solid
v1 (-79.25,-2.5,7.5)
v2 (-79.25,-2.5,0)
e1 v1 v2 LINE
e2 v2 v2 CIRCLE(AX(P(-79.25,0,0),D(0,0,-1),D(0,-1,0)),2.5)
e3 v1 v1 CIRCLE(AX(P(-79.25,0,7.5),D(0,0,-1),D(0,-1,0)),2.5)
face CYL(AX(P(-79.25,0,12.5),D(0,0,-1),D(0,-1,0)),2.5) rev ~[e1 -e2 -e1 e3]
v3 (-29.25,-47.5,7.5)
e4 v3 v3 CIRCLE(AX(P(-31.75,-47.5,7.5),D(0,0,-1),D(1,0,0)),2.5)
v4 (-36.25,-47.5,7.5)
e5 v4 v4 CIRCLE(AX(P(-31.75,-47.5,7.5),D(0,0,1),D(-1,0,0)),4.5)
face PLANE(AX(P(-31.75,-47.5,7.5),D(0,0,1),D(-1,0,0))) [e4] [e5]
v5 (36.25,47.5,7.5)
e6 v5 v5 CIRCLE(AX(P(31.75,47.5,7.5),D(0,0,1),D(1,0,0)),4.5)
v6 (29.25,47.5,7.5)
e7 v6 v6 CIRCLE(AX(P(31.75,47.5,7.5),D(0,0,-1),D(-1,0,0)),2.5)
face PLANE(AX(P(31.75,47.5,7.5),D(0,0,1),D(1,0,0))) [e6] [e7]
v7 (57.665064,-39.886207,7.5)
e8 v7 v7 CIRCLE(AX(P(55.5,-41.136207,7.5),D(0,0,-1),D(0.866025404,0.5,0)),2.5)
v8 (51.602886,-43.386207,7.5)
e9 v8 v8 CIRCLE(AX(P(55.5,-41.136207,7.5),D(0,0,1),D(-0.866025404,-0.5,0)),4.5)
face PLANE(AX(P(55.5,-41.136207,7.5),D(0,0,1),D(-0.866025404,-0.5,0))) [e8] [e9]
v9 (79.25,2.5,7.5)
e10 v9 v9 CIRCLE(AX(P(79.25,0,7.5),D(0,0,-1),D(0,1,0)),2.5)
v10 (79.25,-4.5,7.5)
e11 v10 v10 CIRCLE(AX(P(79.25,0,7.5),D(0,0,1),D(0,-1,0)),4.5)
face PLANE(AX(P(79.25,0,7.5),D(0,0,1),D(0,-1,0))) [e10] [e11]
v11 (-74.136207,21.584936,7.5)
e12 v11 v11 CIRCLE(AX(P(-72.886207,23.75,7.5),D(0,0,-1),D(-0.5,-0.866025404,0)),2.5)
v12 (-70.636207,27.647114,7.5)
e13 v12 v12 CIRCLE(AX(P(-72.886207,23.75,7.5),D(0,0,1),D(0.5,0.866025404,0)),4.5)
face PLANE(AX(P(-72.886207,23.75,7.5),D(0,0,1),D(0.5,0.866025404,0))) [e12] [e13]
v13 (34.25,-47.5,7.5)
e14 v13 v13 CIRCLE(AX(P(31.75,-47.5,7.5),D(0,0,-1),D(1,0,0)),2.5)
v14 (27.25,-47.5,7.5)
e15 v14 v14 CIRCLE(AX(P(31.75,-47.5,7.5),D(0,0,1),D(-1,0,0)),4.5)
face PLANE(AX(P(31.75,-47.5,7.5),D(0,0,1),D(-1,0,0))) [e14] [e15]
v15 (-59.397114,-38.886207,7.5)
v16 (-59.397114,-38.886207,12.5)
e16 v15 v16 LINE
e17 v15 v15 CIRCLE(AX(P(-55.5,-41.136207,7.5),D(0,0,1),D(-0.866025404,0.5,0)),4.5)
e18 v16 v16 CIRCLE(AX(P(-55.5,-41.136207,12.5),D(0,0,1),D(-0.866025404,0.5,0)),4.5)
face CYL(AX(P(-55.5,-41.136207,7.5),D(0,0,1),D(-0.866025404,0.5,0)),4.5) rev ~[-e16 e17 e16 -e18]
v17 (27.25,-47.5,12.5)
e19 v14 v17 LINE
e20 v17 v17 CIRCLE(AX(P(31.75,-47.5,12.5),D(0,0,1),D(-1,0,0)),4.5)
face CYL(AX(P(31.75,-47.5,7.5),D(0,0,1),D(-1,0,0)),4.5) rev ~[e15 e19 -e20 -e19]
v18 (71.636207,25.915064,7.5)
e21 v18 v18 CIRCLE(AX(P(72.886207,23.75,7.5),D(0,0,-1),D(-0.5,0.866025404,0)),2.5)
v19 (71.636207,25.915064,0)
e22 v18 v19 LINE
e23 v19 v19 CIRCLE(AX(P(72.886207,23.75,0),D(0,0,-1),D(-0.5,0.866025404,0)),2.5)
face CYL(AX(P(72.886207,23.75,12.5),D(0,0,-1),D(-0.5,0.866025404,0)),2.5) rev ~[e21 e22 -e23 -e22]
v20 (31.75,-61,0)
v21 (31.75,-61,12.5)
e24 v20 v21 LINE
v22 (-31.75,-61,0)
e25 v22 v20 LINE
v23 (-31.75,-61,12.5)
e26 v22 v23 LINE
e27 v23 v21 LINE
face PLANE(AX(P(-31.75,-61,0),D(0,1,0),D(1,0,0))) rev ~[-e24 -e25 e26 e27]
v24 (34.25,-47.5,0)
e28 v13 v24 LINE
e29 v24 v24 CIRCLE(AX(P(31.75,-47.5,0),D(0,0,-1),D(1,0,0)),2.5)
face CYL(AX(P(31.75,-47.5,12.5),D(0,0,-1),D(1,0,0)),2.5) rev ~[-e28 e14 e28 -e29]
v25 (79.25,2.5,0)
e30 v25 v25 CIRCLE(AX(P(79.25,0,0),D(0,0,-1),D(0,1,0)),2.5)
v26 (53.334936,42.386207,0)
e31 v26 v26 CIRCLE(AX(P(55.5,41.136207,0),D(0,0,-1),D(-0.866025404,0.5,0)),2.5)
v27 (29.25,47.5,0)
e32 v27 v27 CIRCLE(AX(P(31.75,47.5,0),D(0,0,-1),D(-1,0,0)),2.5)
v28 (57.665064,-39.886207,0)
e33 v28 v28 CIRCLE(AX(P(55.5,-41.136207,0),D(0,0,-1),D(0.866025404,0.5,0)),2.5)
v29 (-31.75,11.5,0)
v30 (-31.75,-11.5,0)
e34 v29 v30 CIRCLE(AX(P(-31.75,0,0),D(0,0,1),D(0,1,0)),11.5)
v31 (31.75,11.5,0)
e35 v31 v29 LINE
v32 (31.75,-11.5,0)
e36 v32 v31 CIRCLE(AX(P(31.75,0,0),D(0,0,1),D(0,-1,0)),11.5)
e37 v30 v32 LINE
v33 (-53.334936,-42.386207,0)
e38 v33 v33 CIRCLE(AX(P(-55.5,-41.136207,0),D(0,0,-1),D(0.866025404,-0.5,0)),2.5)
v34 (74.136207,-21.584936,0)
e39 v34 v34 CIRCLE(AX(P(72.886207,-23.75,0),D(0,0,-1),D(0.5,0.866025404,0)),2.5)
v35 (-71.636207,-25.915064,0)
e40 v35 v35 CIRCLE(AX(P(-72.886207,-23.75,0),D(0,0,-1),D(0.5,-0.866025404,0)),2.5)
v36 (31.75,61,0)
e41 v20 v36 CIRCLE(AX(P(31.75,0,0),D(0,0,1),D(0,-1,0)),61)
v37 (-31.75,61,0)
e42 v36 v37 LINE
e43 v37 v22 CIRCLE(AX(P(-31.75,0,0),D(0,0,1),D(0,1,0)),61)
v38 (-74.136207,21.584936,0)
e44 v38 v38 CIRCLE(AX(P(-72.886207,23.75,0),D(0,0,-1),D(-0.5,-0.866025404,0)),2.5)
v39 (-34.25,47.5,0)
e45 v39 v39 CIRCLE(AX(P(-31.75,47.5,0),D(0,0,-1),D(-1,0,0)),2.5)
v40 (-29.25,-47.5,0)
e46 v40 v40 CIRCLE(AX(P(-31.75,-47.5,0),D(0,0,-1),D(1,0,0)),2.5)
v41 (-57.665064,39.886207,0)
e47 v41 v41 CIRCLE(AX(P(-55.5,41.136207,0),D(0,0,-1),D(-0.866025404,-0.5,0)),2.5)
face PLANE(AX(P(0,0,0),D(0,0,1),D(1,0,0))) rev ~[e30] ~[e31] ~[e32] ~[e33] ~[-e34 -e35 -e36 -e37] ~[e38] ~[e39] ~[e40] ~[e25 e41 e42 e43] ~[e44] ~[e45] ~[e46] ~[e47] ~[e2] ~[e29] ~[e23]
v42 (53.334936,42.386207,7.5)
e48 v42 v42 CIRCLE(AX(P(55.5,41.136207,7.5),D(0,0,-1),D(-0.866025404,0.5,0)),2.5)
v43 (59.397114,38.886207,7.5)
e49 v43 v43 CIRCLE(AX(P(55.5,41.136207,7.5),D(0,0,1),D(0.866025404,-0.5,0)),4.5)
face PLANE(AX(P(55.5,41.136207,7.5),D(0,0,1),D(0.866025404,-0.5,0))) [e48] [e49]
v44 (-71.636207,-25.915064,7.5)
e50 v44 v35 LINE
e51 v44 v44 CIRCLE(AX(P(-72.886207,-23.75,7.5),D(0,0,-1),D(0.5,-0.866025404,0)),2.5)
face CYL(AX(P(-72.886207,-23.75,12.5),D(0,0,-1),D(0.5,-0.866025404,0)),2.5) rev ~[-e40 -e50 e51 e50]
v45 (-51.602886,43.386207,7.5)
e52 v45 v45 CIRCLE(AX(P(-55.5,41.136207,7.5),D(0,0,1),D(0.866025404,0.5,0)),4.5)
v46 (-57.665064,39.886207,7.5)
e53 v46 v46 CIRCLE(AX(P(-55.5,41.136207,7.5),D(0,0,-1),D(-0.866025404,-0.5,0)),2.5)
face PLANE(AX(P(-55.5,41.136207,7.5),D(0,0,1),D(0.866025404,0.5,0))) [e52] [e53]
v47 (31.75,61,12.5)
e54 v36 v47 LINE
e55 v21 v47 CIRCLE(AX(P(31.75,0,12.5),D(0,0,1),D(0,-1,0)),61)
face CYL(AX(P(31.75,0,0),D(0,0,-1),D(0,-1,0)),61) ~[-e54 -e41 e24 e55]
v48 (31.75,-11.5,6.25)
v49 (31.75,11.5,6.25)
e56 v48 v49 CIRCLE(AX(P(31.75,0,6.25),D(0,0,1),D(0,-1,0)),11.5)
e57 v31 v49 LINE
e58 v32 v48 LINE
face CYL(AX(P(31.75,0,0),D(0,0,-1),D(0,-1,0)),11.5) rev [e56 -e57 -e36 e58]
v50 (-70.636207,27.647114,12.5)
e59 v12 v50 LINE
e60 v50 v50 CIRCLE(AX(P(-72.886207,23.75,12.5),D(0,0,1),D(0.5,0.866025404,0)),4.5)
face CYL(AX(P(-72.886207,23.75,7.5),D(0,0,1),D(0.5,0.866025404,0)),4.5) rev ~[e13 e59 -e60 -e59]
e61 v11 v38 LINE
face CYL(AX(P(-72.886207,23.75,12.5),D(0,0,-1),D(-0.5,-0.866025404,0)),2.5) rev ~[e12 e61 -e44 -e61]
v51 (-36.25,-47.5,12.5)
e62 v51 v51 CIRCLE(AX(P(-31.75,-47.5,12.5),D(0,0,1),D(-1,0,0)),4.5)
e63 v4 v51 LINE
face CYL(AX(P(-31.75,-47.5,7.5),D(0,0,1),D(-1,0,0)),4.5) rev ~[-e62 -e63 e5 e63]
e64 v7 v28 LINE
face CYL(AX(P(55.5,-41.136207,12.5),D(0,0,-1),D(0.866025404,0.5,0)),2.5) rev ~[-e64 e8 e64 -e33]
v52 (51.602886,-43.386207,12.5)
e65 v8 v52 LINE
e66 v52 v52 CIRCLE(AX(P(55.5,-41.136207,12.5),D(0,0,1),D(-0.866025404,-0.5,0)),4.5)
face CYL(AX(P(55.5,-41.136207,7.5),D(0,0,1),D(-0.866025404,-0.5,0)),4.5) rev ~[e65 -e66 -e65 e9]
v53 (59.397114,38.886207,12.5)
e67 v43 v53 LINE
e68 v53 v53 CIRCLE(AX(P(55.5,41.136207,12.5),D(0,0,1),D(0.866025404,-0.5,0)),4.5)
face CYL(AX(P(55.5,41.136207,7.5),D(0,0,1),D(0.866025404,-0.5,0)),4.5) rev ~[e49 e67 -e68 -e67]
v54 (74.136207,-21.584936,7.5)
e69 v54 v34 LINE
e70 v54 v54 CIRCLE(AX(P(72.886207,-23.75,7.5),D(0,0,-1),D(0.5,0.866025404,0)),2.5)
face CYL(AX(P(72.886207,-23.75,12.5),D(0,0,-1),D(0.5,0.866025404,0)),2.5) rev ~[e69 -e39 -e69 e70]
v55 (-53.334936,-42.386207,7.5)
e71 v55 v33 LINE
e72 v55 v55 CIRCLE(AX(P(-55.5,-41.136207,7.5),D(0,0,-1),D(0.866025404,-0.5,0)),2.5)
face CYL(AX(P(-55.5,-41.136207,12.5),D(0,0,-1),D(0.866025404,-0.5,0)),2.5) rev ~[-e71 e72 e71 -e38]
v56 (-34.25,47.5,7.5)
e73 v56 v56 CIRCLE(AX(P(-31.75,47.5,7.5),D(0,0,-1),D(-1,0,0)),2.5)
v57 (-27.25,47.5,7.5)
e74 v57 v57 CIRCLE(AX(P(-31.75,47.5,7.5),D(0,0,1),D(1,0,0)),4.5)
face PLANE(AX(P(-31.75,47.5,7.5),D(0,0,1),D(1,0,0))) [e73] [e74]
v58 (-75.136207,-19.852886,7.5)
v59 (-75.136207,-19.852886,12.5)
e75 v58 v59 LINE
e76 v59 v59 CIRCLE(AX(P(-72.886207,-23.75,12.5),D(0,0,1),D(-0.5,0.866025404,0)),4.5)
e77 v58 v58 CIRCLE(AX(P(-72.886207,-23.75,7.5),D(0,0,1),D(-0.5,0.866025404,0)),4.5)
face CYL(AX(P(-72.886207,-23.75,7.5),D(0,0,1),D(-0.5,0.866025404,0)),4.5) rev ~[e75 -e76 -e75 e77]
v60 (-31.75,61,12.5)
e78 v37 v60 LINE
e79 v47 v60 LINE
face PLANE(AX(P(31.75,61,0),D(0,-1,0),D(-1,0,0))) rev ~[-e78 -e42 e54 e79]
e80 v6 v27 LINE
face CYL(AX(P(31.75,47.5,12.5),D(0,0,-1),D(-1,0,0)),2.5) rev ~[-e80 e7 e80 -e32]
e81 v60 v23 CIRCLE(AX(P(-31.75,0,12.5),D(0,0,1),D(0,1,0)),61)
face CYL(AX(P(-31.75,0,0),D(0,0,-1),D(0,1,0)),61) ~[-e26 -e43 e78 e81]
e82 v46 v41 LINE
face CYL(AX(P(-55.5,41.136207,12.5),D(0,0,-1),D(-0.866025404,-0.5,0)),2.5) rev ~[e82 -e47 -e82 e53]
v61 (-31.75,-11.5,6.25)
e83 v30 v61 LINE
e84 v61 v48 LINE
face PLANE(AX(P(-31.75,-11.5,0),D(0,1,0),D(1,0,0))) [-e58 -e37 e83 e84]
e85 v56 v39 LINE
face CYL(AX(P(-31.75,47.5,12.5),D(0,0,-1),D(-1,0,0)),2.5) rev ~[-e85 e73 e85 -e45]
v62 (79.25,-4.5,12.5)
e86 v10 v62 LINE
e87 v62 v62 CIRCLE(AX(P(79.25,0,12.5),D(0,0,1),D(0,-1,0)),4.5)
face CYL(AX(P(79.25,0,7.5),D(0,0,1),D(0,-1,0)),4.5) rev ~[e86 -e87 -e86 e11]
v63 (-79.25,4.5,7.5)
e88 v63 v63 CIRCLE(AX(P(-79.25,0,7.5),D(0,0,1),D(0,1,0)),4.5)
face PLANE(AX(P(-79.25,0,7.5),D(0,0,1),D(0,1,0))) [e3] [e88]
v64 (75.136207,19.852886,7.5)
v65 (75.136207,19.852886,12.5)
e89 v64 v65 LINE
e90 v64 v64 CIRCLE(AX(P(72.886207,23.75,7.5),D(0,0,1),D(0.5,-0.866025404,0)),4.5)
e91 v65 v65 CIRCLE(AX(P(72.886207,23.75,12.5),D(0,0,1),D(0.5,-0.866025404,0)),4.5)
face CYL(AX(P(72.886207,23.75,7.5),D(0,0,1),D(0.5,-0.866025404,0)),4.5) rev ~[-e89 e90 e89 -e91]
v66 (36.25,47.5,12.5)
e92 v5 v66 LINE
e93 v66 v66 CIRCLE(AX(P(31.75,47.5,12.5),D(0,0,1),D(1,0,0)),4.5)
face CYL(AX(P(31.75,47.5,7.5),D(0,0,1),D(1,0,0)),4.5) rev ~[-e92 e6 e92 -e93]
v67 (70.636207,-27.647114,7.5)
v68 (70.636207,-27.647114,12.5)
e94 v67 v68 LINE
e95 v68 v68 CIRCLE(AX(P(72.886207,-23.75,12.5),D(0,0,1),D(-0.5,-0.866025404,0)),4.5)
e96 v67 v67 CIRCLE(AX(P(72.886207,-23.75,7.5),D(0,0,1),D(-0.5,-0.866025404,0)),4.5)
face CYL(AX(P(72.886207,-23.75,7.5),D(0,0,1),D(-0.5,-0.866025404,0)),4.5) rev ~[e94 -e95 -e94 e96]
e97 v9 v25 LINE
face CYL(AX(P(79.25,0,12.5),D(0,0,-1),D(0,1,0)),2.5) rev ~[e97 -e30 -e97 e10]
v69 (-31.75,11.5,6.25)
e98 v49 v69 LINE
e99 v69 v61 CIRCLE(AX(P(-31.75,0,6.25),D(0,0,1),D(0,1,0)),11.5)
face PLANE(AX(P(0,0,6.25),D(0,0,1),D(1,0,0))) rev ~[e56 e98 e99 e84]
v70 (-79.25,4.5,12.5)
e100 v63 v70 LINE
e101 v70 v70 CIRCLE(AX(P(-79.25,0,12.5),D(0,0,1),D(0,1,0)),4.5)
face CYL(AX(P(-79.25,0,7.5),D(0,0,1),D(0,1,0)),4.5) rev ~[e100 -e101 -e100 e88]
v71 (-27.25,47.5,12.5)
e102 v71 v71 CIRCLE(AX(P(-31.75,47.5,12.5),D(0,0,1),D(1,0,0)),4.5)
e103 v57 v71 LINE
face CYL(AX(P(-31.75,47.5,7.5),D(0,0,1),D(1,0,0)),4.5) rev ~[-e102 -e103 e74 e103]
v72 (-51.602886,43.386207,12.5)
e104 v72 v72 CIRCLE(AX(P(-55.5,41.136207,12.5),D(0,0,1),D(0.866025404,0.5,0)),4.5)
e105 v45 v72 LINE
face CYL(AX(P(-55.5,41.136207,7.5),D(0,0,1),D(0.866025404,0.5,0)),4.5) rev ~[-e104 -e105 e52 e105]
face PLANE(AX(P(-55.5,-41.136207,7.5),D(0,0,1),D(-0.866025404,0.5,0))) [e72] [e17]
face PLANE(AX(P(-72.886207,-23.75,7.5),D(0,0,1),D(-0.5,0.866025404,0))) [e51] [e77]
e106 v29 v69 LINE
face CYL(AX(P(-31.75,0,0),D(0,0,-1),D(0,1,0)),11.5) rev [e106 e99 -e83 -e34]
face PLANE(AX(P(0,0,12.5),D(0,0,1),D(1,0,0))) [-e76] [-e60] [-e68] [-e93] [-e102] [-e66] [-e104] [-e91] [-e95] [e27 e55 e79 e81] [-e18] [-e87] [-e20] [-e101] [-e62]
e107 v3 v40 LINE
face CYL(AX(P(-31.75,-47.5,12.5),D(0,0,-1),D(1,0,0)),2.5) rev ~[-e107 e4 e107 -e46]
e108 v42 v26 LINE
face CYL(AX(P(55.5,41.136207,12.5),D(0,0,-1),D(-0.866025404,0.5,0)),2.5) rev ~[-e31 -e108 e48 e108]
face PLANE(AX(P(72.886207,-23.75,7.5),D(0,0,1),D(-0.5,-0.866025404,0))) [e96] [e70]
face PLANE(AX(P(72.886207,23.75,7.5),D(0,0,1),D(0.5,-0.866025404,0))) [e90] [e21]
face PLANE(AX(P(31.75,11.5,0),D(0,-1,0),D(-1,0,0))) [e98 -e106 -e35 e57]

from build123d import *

# Parameters (mm, degrees)
RESSALTO_EXTRUS_O4_DEPTH = 12.5
CORTE_EXTRUS_O2_DEPTH    = 6.25
FURO5_D                  = 5
FURO5_CBORE_D            = 9
FURO5_CBORE_DEPTH        = 5
PADR_OCIRCULAR3_COUNT    = 7
PADR_OCIRCULAR3_ANGLE    = 180
FURO6_D                  = 5
FURO6_CBORE_D            = 9
FURO6_CBORE_DEPTH        = 5
PADR_OCIRCULAR4_COUNT    = 7
PADR_OCIRCULAR4_ANGLE    = 180


with BuildPart() as part:
    # Esboço1 → Ressalto-extrusão4 (new body)
    with BuildSketch(Plane.XY):
        with BuildLine():
            Line((31.75, 61), (-31.75, 61))
            ThreePointArc((-31.75, 61), (-92.75, 0), (-31.75, -61))
            Line((-31.75, -61), (31.75, -61))
            ThreePointArc((31.75, -61), (92.75, 0), (31.75, 61))
        make_face()
    extrude(amount=RESSALTO_EXTRUS_O4_DEPTH)

    # Esboço1<7> → Corte-extrusão2 (cut)
    with BuildSketch(Plane.XY):
        with BuildLine():
            Line((31.75, 11.5), (-31.75, 11.5))
            ThreePointArc((-31.75, 11.5), (-43.25, 0), (-31.75, -11.5))
            Line((-31.75, -11.5), (31.75, -11.5))
            ThreePointArc((31.75, -11.5), (43.25, 0), (31.75, 11.5))
        make_face()
    extrude(amount=CORTE_EXTRUS_O2_DEPTH, mode=Mode.SUBTRACT)

    # Furo5 (through all)
    with Locations(Plane.XY.offset(12.5)):
        with Locations((-31.75, 47.5)):
            furo5 = CounterBoreHole(FURO5_D / 2, FURO5_CBORE_D / 2, FURO5_CBORE_DEPTH)

    # PadrãoCircular3: Furo5 ×7 about axis
    padr_ocircular3_axis = Axis((-31.75, 0, 12.5), (0, 0, 1))
    for i in range(1, PADR_OCIRCULAR3_COUNT):
        add(furo5.rotate(padr_ocircular3_axis, i * PADR_OCIRCULAR3_ANGLE / (PADR_OCIRCULAR3_COUNT - 1)), mode=Mode.SUBTRACT)

    # Furo6 (through all)
    with Locations(Plane.XY.offset(12.5)):
        with Locations((31.75, 47.5)):
            furo6 = CounterBoreHole(FURO6_D / 2, FURO6_CBORE_D / 2, FURO6_CBORE_DEPTH)

    # PadrãoCircular4: Furo6 ×7 about axis
    padr_ocircular4_axis = Axis((31.75, 0, 12.5), (0, 0, -1))
    for i in range(1, PADR_OCIRCULAR4_COUNT):
        add(furo6.rotate(padr_ocircular4_axis, i * PADR_OCIRCULAR4_ANGLE / (PADR_OCIRCULAR4_COUNT - 1)), mode=Mode.SUBTRACT)


solid = part.part
